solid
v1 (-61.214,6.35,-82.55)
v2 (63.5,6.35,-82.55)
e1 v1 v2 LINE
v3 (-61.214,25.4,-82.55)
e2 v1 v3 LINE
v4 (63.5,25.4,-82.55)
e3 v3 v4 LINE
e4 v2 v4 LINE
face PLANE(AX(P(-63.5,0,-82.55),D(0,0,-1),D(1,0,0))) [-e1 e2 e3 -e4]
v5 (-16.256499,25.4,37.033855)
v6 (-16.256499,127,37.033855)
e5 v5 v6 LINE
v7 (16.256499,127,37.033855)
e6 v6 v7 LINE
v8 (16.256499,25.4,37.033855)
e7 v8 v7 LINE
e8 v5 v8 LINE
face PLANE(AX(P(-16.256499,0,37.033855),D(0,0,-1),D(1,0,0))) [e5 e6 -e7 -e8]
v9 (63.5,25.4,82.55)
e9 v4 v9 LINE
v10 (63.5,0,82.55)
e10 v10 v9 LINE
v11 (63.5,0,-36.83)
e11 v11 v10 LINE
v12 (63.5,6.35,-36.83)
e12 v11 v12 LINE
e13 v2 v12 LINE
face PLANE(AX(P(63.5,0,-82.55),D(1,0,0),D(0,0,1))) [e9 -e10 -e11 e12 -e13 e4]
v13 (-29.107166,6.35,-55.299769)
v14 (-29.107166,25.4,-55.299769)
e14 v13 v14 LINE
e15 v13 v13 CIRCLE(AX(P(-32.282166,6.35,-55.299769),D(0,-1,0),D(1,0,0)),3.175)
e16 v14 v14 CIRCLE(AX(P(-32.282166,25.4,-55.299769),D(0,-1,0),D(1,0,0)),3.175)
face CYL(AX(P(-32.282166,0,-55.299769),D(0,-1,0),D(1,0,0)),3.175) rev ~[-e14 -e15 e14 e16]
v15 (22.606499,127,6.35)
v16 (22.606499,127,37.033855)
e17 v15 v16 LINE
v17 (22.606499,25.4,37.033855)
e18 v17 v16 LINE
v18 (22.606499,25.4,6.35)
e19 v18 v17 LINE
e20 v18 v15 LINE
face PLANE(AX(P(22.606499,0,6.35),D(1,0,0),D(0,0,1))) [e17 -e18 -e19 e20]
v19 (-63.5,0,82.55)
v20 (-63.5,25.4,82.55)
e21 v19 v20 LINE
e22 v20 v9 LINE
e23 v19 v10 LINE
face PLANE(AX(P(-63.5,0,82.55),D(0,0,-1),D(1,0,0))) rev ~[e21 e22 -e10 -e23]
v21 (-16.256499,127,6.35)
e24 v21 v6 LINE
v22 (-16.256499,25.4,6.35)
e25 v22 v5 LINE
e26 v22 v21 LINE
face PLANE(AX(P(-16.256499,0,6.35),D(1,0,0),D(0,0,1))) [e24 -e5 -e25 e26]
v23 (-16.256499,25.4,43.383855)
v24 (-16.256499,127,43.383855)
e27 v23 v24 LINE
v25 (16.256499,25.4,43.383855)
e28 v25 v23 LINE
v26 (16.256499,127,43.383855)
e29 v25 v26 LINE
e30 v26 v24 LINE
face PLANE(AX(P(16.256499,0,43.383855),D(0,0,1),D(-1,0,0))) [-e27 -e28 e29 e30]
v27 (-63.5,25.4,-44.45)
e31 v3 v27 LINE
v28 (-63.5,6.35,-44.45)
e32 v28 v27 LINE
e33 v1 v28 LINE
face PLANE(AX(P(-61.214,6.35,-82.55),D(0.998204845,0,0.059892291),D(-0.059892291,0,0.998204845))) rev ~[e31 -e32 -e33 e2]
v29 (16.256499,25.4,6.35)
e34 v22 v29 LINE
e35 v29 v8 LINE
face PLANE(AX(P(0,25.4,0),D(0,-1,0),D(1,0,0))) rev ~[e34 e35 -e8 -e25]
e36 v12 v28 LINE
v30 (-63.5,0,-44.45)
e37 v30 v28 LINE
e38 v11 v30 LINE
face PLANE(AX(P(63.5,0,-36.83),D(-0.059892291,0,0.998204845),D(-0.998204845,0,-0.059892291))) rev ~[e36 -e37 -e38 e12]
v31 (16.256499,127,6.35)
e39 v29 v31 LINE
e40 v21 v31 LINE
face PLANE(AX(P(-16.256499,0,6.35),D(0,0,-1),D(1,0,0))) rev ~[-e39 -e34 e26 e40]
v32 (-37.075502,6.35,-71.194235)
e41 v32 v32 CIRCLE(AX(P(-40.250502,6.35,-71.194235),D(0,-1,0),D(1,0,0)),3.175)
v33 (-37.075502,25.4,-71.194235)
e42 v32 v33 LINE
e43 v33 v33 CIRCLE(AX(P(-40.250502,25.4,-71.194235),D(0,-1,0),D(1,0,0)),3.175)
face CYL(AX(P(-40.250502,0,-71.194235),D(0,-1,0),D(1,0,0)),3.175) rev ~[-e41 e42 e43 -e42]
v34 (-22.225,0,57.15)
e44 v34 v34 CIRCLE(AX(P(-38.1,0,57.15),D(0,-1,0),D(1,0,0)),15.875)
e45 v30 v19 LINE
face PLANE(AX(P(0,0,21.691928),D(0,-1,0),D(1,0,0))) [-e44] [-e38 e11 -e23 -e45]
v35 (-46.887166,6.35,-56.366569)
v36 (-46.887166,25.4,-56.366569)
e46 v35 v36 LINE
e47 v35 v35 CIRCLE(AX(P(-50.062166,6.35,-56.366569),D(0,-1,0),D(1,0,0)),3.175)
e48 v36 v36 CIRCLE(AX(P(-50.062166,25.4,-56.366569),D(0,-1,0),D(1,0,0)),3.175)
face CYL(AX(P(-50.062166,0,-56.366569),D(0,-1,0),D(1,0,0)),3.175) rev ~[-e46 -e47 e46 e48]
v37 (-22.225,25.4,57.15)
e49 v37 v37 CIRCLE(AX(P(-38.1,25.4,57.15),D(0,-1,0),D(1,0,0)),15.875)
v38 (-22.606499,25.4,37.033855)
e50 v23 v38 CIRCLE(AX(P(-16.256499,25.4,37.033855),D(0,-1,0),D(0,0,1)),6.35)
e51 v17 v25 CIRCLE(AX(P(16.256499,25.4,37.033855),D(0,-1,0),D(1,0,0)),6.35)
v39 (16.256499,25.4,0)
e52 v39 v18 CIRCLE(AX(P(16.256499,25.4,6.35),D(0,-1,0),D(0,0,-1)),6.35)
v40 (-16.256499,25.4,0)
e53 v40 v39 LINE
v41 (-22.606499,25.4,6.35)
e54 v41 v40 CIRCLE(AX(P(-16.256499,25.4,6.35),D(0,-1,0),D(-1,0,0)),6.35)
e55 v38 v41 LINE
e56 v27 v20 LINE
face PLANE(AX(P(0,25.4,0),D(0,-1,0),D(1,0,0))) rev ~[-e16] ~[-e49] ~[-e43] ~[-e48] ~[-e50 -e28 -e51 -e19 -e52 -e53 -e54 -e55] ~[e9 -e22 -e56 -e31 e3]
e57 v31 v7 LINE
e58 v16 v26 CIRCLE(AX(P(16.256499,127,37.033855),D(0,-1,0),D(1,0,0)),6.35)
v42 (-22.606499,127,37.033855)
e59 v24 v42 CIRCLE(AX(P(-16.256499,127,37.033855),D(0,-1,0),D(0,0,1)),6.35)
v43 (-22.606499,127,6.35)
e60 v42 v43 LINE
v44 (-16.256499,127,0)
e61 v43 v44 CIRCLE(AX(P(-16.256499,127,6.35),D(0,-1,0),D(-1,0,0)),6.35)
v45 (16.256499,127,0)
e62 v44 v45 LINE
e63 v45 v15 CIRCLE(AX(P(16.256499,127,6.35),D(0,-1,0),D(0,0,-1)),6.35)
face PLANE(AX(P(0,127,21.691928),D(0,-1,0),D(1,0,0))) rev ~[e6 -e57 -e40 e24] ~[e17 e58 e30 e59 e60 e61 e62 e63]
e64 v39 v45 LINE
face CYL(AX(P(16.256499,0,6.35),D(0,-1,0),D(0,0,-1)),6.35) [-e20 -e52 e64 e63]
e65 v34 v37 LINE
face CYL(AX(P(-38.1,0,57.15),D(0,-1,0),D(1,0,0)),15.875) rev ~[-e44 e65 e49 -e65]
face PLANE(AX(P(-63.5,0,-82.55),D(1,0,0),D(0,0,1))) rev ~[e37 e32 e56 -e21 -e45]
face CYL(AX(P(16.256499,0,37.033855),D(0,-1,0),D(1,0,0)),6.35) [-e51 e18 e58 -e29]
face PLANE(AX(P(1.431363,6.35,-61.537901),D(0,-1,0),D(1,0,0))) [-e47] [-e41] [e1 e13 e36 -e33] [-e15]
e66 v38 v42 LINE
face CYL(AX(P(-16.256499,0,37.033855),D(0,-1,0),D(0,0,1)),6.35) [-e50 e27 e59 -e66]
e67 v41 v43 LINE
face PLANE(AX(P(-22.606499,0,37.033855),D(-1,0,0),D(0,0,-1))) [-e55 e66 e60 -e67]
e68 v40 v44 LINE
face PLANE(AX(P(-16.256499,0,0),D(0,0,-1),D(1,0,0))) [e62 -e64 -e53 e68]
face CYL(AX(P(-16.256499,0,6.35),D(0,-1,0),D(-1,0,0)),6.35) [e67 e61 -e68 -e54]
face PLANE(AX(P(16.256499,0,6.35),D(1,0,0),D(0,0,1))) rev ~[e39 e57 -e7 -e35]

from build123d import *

# Parameters (mm, degrees)
F0_W     = 127
F0_H     = 165.1
F0_R     = 15.875
F1_DEPTH = 25.4
F2_R     = 3.175
F3_DEPTH = 6.35
F4_DEPTH = 25.4
F6_DEPTH = 25.4
F7_W     = 32.5129989862
F7_H     = 30.6838553727
F8_DEPTH = 127


with BuildPart() as f1:
    # F0 (on Front) → F1 (new body)
    with BuildSketch(Plane.XZ):
        Rectangle(F0_W, F0_H)
        with Locations((-38.1, 57.15)):
            Circle(F0_R, mode=Mode.SUBTRACT)
    extrude(amount=-F1_DEPTH)

    # F2 (on face) → F3 (cut)
    with BuildSketch(Plane.XZ):
        Polygon((63.5, -36.83), (-63.5, -44.45), (-63.5, -82.55), (63.5, -82.55), align=None)
        with Locations((-40.2505024661, -71.1942345153)):
            Circle(F2_R, mode=Mode.SUBTRACT)
        with Locations((-50.0621663703, -56.3665694452)):
            Circle(F2_R, mode=Mode.SUBTRACT)
        with Locations((-32.2821663703, -55.2997694452)):
            Circle(F2_R, mode=Mode.SUBTRACT)
        with Locations((-50.0621663703, -56.3665694452)):
            Circle(F2_R)
        with Locations((-32.2821663703, -55.2997694452)):
            Circle(F2_R)
        with Locations((-40.2505024661, -71.1942345153)):
            Circle(F2_R)
    extrude(amount=-F3_DEPTH, mode=Mode.SUBTRACT)

    # F2 (on face) → F4 (cut)
    with BuildSketch(Plane.XZ):
        with Locations((-50.0621663703, -56.3665694452)):
            Circle(F2_R)
        with Locations((-32.2821663703, -55.2997694452)):
            Circle(F2_R)
        with Locations((-40.2505024661, -71.1942345153)):
            Circle(F2_R)
    extrude(amount=-F4_DEPTH, mode=Mode.SUBTRACT)

    # F5 (on face) → F6 (cut)
    with BuildSketch(Plane.XZ.offset(-6.35)):
        Polygon((-61.214, -82.55), (-63.5, -44.45), (-63.5, -82.55), align=None)
    extrude(amount=-F6_DEPTH, mode=Mode.SUBTRACT)

    # F7 (on face) → F8 (join)
    with BuildSketch(Plane.XZ):
        with BuildLine():
            Line((-16.2564994931, 0), (16.2564994931, 0))
            ThreePointArc((16.2564994931, 0), (20.7466275537, 1.8598719395), (22.6064994931, 6.35))
            Line((22.6064994931, 6.35), (22.6064994931, 37.0338553727))
            ThreePointArc((22.6064994931, 37.0338553727), (20.7466275537, 41.5239834332), (16.2564994931, 43.3838553727))
            Line((16.2564994931, 43.3838553727), (-16.2564994931, 43.3838553727))
            ThreePointArc((-16.2564994931, 43.3838553727), (-20.7466275537, 41.5239834332), (-22.6064994931, 37.0338553727))
            Line((-22.6064994931, 37.0338553727), (-22.6064994931, 6.35))
            ThreePointArc((-22.6064994931, 6.35), (-20.7466275537, 1.8598719395), (-16.2564994931, 0))
        make_face()
        with Locations((0, 21.6919276863)):
            Rectangle(F7_W, F7_H, mode=Mode.SUBTRACT)
    extrude(amount=-F8_DEPTH)


solid = f1.part
